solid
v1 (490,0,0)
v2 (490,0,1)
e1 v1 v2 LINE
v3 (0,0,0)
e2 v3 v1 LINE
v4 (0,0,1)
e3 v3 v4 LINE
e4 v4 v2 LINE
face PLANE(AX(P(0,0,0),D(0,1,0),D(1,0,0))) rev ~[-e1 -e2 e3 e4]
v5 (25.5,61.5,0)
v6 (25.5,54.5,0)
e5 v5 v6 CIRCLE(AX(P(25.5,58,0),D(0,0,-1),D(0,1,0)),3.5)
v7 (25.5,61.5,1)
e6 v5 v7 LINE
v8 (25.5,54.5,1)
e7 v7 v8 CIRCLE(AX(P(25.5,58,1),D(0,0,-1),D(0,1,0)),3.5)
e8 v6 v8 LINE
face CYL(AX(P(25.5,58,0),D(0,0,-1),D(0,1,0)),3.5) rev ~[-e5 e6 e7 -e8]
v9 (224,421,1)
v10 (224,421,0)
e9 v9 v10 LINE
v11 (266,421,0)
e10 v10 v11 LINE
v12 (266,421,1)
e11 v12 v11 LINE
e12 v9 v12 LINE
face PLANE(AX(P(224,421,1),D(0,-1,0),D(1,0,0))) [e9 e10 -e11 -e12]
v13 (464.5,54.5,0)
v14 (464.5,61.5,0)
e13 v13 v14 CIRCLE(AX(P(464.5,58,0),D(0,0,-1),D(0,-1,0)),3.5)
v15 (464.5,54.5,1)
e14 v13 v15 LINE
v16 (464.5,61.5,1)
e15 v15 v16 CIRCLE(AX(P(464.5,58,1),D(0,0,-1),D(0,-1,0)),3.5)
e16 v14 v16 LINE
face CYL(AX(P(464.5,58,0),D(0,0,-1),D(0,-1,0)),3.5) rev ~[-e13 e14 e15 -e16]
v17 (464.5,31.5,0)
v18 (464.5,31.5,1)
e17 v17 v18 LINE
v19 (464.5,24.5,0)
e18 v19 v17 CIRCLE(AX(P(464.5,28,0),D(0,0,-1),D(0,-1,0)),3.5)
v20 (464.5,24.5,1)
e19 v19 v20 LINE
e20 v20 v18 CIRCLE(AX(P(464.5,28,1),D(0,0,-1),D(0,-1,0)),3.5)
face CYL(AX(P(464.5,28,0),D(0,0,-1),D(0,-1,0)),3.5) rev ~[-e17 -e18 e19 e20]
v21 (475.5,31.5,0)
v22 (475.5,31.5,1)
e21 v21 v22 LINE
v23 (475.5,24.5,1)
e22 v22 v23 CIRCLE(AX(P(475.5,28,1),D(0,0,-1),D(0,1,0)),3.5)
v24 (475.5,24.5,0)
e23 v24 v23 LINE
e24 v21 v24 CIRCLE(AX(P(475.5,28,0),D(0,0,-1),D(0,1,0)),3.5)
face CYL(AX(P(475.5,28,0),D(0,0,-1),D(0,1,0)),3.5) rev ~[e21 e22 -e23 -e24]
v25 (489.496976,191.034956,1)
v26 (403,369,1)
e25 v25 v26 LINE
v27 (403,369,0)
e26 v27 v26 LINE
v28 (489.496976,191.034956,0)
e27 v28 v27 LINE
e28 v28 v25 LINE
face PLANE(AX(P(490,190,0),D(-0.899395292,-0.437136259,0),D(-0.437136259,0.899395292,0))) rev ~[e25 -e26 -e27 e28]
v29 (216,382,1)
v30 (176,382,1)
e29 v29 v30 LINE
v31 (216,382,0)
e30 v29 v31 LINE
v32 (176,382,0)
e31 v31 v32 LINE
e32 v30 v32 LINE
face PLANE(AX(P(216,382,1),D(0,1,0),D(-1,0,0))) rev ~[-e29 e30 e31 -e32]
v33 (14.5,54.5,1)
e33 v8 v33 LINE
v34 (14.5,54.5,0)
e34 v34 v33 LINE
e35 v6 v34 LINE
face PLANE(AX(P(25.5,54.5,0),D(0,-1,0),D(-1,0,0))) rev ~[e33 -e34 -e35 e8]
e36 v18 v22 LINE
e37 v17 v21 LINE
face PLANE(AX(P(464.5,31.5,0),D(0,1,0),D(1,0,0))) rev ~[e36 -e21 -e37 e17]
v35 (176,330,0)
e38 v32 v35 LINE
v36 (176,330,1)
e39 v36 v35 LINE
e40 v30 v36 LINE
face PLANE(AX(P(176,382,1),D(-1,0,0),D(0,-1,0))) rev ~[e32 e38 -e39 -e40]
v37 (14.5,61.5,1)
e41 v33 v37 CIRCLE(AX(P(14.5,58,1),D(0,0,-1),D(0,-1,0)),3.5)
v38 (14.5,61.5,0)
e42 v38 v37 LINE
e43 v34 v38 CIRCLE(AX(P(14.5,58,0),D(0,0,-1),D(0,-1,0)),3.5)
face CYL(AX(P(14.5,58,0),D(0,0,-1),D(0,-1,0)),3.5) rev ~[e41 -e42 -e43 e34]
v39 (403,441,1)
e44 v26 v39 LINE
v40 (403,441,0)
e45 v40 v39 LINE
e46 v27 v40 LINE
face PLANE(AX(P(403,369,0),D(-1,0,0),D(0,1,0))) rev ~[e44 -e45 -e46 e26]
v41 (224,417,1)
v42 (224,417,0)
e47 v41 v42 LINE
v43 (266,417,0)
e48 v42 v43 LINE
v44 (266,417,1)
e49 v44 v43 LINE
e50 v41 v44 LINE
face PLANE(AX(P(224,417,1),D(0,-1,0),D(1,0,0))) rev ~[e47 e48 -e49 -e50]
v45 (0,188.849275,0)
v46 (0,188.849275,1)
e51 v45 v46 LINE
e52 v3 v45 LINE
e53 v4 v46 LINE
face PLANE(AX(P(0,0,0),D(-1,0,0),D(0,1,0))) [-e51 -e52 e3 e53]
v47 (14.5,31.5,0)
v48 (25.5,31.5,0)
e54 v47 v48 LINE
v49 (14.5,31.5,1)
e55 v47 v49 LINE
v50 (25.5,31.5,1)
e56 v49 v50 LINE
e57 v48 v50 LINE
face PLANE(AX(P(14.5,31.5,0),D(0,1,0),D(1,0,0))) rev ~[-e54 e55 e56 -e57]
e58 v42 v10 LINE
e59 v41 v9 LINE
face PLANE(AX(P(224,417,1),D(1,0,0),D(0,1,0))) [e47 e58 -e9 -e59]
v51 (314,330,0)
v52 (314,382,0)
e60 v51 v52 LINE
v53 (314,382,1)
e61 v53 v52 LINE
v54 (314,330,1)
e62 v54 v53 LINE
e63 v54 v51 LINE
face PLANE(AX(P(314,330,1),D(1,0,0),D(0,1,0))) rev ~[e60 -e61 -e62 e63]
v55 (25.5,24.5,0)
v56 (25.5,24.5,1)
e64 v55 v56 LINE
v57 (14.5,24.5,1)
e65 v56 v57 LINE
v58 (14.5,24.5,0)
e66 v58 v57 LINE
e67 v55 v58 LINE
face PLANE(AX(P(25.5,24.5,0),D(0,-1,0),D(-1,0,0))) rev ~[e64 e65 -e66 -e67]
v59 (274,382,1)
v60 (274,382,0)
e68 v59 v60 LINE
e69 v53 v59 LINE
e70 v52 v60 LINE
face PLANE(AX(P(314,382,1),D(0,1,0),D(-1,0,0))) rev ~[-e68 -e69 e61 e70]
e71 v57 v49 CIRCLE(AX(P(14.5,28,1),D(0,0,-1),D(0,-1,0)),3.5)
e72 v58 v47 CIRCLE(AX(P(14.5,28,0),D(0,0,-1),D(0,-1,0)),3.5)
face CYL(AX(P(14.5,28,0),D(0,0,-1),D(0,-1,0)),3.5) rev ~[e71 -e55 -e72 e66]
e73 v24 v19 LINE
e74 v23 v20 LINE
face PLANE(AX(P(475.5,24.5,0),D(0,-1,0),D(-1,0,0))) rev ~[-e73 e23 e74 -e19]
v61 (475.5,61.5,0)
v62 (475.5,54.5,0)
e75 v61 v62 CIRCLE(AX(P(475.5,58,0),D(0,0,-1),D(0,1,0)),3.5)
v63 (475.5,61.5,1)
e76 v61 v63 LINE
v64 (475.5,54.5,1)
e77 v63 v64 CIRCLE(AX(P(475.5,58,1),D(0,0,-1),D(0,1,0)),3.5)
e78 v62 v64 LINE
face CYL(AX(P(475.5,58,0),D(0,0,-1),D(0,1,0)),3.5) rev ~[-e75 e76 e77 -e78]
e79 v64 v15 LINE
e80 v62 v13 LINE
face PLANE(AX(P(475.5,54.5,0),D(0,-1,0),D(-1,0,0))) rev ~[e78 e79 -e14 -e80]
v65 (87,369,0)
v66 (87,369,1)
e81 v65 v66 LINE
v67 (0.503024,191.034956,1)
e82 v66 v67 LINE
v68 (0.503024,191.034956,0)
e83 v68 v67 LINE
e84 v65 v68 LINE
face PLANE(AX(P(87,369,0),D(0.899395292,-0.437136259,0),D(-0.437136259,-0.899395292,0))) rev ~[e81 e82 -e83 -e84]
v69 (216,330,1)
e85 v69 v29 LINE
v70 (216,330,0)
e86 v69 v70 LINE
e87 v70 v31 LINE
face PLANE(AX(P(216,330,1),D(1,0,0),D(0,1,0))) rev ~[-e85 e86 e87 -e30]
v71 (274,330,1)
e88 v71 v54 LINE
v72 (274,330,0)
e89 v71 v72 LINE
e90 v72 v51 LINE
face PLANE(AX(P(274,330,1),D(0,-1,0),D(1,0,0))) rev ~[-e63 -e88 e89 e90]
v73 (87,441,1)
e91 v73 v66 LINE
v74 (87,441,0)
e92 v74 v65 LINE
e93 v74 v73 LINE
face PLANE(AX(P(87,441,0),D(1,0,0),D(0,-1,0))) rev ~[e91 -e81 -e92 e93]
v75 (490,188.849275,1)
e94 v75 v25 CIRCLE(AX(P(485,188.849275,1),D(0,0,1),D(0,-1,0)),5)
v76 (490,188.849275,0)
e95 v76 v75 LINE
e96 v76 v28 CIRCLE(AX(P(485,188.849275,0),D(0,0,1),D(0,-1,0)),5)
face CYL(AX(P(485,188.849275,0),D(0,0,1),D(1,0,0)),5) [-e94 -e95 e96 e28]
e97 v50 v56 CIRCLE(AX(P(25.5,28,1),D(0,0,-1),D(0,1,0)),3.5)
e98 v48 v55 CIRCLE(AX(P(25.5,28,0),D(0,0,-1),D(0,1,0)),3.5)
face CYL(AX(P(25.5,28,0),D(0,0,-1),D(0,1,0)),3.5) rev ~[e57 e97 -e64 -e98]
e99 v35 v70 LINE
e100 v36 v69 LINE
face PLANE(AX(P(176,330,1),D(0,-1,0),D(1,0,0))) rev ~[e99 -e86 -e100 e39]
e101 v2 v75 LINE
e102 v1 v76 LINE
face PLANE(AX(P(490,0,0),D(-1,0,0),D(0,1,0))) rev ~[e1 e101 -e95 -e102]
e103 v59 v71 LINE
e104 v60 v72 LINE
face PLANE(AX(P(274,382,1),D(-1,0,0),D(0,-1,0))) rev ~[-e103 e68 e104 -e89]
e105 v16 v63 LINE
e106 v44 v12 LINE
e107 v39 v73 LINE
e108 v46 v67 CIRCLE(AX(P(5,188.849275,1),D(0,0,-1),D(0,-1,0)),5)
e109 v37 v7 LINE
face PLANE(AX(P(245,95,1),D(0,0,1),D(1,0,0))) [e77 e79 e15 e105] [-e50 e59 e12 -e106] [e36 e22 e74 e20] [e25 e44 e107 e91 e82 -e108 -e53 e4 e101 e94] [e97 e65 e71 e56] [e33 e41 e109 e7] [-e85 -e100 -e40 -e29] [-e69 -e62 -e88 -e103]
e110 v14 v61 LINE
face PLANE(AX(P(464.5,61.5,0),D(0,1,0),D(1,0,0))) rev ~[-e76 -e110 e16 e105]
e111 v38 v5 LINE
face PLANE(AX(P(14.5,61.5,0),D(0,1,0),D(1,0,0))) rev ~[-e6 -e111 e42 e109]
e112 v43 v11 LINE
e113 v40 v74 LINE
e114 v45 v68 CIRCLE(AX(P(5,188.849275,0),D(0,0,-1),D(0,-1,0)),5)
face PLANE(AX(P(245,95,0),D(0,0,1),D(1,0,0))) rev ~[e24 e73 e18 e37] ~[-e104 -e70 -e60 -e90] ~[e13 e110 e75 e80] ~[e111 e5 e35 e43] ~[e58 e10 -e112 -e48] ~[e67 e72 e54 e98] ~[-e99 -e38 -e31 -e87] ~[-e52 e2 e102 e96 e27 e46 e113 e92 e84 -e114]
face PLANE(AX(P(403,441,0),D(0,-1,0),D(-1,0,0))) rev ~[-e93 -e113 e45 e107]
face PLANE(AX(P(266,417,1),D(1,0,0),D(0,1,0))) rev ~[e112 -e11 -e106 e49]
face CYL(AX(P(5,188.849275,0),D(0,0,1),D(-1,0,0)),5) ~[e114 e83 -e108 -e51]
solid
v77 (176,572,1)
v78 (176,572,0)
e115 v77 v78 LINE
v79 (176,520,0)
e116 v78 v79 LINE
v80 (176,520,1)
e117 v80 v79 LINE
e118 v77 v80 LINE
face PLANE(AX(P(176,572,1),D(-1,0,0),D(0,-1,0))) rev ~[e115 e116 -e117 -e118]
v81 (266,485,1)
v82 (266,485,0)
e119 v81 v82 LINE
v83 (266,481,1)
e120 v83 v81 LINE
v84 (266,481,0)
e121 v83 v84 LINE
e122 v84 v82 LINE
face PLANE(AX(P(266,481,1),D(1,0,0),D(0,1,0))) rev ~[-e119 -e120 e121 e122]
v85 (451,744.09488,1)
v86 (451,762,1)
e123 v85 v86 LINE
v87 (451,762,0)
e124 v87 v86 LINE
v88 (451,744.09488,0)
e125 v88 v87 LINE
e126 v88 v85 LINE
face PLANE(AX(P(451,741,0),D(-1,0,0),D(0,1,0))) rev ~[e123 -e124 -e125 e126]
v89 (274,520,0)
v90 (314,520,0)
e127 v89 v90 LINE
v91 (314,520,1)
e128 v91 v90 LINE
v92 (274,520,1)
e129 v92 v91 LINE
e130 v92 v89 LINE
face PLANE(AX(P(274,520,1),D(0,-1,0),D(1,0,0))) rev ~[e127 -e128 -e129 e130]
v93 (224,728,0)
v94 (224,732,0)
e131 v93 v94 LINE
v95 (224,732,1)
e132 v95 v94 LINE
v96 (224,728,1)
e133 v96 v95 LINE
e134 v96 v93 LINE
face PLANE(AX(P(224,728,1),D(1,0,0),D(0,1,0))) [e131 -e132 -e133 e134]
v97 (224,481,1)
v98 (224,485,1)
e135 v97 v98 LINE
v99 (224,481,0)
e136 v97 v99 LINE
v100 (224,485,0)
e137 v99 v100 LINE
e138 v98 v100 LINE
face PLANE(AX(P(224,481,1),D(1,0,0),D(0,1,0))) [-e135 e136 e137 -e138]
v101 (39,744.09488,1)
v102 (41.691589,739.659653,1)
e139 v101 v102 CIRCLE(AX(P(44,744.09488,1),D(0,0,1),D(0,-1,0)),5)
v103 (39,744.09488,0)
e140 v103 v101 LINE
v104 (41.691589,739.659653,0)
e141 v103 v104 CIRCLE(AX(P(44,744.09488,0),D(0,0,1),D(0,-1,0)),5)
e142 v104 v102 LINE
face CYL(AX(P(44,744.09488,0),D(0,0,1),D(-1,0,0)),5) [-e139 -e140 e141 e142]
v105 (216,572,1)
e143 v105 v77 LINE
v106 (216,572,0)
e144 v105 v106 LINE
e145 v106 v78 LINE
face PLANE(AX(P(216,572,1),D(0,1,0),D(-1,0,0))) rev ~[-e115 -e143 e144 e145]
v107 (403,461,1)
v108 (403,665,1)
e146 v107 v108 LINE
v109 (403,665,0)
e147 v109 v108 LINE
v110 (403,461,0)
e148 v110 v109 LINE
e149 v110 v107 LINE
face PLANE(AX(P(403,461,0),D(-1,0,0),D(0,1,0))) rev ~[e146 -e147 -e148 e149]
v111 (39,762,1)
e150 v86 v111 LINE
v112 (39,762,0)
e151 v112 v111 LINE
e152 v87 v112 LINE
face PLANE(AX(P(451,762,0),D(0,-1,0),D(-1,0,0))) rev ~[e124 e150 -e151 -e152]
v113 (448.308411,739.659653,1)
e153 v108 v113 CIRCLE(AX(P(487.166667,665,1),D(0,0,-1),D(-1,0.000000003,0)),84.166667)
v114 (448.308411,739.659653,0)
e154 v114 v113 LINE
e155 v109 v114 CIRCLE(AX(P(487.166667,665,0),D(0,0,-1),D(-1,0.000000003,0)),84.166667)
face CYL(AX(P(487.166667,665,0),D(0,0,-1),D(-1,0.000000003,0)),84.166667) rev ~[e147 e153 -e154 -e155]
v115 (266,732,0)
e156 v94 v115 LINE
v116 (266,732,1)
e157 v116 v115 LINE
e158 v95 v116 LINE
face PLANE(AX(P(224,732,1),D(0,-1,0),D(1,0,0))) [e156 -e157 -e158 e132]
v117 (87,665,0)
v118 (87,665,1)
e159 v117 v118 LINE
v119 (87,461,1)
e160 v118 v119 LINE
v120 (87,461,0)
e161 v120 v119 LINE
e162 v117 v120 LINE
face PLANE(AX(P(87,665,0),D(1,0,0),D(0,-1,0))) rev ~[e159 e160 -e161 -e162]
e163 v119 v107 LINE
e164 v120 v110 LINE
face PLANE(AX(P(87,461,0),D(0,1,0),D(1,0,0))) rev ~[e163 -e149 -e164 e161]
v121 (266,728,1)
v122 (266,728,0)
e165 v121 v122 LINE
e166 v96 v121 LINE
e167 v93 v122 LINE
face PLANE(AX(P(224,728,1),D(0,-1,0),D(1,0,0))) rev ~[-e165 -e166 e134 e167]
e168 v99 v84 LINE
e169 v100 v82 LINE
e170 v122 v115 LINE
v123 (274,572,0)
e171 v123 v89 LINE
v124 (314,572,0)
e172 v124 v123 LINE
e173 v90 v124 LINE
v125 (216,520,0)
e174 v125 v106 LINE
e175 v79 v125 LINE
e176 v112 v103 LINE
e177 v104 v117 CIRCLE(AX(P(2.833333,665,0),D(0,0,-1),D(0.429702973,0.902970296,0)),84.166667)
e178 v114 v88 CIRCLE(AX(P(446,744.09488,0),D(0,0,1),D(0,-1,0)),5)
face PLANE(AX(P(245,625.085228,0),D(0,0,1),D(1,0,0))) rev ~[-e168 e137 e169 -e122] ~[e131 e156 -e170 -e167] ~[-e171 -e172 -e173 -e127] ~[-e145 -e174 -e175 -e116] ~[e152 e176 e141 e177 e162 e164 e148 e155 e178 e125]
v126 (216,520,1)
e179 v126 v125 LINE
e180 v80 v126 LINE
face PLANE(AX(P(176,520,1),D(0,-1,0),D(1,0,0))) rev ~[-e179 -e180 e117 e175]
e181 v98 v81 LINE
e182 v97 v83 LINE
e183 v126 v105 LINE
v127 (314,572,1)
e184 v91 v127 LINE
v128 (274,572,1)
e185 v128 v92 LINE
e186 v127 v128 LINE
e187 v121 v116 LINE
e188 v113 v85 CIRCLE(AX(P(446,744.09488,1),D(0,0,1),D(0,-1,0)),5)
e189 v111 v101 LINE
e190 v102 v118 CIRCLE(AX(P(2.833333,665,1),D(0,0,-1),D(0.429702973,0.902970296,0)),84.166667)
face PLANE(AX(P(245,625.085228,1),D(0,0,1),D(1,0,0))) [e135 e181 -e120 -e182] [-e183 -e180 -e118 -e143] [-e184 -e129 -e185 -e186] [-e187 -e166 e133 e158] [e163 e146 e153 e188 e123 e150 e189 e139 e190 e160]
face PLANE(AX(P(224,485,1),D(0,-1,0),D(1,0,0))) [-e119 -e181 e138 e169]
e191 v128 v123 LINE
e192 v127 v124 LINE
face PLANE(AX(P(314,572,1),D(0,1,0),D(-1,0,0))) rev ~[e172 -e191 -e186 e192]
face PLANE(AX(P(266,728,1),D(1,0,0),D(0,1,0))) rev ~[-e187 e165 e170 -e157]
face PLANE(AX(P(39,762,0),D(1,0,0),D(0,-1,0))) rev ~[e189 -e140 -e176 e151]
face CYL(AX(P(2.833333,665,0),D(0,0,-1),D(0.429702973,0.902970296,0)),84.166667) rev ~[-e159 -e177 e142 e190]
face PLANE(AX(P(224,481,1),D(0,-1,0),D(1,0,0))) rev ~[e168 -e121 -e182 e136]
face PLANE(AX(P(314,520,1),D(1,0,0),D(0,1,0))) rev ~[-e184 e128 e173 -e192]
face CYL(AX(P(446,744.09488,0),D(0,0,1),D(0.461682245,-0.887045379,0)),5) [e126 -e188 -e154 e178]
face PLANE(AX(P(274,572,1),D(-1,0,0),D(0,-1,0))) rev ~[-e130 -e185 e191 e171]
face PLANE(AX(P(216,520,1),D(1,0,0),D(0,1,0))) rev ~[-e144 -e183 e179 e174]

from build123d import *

# Parameters (mm, degrees)
F0_W     = 490
F0_H     = 190
F1_DEPTH = 1
F2_R     = 5
F3_W     = 42
F3_H     = 4
F4_DEPTH = 25
F5_W     = 42
F5_H     = 4
F6_DEPTH = 25


with BuildPart() as f1:
    # F0 (on Top) → F1 (new body)
    with BuildSketch(Plane.XY):
        with Locations((245, 95)):
            Rectangle(F0_W, F0_H)
        with BuildLine():
            Line((25.5, 24.5), (14.5, 24.5))
            ThreePointArc((14.5, 24.5), (11, 28), (14.5, 31.5))
            Line((14.5, 31.5), (25.5, 31.5))
            ThreePointArc((25.5, 31.5), (29, 28), (25.5, 24.5))
        make_face(mode=Mode.SUBTRACT)
        with BuildLine():
            Line((25.5, 54.5), (14.5, 54.5))
            ThreePointArc((14.5, 54.5), (11, 58), (14.5, 61.5))
            Line((14.5, 61.5), (25.5, 61.5))
            ThreePointArc((25.5, 61.5), (29, 58), (25.5, 54.5))
        make_face(mode=Mode.SUBTRACT)
        with BuildLine():
            Line((475.5, 24.5), (464.5, 24.5))
            ThreePointArc((464.5, 24.5), (461, 28), (464.5, 31.5))
            Line((464.5, 31.5), (475.5, 31.5))
            ThreePointArc((475.5, 31.5), (479, 28), (475.5, 24.5))
        make_face(mode=Mode.SUBTRACT)
        with BuildLine():
            Line((475.5, 54.5), (464.5, 54.5))
            ThreePointArc((464.5, 54.5), (461, 58), (464.5, 61.5))
            Line((464.5, 61.5), (475.5, 61.5))
            ThreePointArc((475.5, 61.5), (479, 58), (475.5, 54.5))
        make_face(mode=Mode.SUBTRACT)
        Polygon((87, 369), (0, 190), (490, 190), (403, 369), (403, 441), (87, 441), align=None)
        with BuildLine():
            Line((87, 665), (87, 461))
            Line((87, 461), (403, 461))
            Line((403, 461), (403, 665))
            ThreePointArc((403, 665), (416.004684, 709.94441), (451, 741))
            Line((451, 741), (451, 762))
            Line((451, 762), (39, 762))
            Line((39, 762), (39, 741))
            ThreePointArc((39, 741), (73.995316, 709.94441), (87, 665))
        make_face()
    extrude(amount=F1_DEPTH)

    # F2
    f2_edges = [f1.edges().sort_by_distance(p)[0] for p in [
        (39, 741, 0.5),
        (451, 741, 0.5),
        (0, 190, 0.5),
        (490, 190, 0.5),
    ]]
    fillet(f2_edges, radius=F2_R)

    # F3 (on face) → F4 (cut)
    with BuildSketch(Plane.XY.offset(1)):
        Polygon((176, 330), (211, 330), (216, 330), (216, 377), (216, 382), (176, 382), (176, 377), align=None)
        with Locations((245, 419)):
            Rectangle(F3_W, F3_H)
        Polygon((279, 330), (314, 330), (314, 377), (314, 382), (274, 382), (274, 377), (274, 330), align=None)
    extrude(amount=-F4_DEPTH, mode=Mode.SUBTRACT)

    # F5 (on face) → F6 (cut)
    with BuildSketch(Plane.XY.offset(1)):
        with Locations((245, 483)):
            Rectangle(F5_W, F5_H)
        Polygon((216, 572), (211, 572), (176, 572), (176, 525), (176, 520), (216, 520), (216, 525), align=None)
        Polygon((314, 572), (279, 572), (274, 572), (274, 525), (274, 520), (314, 520), (314, 525), align=None)
        with Locations((245, 730)):
            Rectangle(F5_W, F5_H)
    extrude(amount=-F6_DEPTH, mode=Mode.SUBTRACT)


solid = f1.part
